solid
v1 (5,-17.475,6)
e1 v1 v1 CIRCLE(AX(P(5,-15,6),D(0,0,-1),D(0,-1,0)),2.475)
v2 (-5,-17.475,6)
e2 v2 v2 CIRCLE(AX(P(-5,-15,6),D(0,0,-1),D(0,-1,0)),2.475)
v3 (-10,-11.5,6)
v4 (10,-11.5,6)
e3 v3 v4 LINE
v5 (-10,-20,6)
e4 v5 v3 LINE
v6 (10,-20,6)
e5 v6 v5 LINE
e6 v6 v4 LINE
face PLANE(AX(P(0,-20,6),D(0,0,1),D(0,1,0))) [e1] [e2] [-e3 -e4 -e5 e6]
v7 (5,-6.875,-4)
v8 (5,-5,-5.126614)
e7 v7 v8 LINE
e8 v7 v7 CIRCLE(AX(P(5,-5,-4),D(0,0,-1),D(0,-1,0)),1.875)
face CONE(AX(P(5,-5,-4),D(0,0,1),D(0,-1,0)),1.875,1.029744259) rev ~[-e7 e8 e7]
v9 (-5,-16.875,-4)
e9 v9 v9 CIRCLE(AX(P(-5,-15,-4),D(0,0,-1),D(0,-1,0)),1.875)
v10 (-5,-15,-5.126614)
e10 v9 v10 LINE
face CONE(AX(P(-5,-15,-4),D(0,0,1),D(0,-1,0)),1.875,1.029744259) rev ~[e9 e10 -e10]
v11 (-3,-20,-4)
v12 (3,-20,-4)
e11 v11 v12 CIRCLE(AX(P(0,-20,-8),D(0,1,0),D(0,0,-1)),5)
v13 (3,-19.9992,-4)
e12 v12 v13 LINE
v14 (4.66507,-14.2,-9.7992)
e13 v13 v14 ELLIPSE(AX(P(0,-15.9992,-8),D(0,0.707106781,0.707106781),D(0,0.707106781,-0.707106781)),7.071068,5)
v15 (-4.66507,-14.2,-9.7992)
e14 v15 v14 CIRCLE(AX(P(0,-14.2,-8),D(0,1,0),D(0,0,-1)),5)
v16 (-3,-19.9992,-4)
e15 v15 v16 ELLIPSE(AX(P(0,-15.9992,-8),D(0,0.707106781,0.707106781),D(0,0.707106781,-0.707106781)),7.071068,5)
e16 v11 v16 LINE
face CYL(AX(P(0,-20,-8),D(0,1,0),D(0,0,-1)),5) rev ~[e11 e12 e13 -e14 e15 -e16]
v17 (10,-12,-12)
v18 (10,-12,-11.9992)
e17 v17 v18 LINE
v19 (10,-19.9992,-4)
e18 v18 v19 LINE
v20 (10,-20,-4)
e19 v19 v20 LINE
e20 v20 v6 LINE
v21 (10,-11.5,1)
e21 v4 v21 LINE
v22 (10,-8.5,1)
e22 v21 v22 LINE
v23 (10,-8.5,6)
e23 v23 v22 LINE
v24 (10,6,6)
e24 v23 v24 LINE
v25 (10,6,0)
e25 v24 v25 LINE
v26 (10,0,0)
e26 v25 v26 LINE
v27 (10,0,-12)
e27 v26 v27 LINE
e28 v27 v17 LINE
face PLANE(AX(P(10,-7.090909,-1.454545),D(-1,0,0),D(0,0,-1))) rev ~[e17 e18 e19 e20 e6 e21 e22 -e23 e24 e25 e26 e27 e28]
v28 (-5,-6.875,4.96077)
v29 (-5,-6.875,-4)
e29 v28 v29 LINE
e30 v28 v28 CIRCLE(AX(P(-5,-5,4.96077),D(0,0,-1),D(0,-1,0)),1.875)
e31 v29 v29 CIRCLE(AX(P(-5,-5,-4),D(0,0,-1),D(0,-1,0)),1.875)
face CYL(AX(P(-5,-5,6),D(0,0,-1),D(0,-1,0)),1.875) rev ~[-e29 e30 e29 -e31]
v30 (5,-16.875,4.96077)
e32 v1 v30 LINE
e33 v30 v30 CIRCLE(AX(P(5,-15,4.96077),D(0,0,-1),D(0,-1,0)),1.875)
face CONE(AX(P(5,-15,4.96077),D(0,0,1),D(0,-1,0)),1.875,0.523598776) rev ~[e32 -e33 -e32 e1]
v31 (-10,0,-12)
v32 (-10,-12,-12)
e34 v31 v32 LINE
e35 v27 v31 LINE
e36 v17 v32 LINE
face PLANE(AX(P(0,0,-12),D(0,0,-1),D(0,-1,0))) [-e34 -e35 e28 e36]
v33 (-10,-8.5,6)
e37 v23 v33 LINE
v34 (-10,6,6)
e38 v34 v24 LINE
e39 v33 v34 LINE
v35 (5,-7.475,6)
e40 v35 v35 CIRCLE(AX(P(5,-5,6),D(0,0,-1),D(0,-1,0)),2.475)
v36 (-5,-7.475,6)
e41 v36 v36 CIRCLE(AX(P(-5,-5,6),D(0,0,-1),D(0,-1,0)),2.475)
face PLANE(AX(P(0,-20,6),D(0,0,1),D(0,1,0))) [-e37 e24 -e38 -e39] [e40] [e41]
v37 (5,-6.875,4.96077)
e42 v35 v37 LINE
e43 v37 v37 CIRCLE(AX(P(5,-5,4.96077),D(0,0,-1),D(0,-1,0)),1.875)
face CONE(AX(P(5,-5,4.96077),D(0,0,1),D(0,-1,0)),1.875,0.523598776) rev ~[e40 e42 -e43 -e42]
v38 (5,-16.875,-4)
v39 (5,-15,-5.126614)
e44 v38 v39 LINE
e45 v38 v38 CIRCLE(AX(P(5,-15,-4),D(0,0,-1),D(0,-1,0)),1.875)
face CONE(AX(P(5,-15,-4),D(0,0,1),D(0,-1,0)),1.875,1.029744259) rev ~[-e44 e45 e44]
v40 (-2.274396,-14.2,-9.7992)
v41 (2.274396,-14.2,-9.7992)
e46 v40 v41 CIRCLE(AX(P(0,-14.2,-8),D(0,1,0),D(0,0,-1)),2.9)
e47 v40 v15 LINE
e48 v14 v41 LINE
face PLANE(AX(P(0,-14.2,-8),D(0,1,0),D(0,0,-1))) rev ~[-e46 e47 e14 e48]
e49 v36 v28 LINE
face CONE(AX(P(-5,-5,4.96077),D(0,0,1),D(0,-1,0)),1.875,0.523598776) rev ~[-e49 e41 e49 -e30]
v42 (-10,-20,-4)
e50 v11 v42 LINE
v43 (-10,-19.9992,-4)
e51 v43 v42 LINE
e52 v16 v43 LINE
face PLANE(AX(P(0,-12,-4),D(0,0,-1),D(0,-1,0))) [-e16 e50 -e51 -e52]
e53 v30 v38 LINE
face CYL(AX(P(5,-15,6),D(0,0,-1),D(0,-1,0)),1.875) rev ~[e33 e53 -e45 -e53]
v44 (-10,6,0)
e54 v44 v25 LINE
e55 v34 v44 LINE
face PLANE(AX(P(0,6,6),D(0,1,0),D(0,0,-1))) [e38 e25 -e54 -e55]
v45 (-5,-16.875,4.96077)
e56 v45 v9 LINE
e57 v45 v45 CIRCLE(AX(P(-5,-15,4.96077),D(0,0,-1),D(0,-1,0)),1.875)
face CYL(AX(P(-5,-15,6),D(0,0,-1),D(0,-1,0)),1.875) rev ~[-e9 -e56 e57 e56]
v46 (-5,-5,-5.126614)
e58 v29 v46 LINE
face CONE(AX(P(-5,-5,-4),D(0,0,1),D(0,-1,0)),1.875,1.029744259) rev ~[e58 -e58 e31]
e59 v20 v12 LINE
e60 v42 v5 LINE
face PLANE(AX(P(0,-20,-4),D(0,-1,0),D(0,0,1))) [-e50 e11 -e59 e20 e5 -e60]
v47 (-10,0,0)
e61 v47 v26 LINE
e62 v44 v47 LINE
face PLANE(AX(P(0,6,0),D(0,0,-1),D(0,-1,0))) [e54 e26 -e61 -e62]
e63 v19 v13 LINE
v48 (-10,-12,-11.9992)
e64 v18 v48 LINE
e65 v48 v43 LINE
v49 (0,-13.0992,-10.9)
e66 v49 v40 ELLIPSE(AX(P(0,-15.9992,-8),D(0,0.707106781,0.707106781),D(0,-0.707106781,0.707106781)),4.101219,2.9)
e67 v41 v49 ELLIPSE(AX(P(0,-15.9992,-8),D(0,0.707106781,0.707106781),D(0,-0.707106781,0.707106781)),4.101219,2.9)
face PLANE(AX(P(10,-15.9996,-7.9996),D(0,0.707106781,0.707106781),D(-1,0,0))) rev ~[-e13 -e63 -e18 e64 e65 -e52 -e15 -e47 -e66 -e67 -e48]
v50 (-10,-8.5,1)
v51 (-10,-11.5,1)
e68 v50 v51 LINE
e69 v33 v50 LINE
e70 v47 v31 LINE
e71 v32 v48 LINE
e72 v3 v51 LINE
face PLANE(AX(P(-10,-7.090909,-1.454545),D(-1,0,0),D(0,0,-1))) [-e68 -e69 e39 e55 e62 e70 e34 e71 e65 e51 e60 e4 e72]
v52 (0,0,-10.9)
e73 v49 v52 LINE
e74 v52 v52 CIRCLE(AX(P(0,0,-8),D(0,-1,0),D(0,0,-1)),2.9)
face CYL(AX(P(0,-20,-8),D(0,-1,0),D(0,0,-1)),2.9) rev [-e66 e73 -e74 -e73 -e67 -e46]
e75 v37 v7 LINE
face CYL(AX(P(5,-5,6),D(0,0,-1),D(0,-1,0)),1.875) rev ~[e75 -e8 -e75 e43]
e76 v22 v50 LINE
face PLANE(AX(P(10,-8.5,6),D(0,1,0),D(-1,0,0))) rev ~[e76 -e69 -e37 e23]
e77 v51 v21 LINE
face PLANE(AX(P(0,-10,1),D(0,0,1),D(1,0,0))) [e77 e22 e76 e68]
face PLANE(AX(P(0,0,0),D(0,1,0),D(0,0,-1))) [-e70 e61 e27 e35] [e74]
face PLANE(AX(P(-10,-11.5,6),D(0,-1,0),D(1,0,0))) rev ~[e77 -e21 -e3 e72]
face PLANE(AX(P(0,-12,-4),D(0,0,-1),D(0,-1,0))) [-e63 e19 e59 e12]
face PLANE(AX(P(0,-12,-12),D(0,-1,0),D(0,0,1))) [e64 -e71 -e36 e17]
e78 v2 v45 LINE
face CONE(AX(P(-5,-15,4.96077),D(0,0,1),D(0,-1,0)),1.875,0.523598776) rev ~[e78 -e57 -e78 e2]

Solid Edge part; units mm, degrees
sketch "Sketch1" plane through (0, 0, 0) normal (1, 0, 0) x (0, 1, 0)
  line L0 (0, 0) -> (0, -12)
  line L1 (0, -12) -> (-12, -12)
  line L2 (-12, -12) -> (-12, -4)
  line L3 (-12, -4) -> (-20, -4)
  line L4 (-20, -4) -> (-20, 6)
  line L5 (-20, 6) -> (6, 6)
  line L6 (6, 6) -> (6, 0)
  line L7 (6, 0) -> (0, 0)
  dimension "D1" = 6
  dimension "D2" = 12
  dimension "D3" = 12
  dimension "D4" = 6
  dimension "D5" = 8
  dimension "D6" = 8
extrude "Protrusion1" add sketch "Sketch1" along normal mid plane 20
chamfer "Chamfer_1" distance 8 angle 45 1 edges at (0, -12, -4)
hole "Hole_1" at (0, -20, -8) direction (0, 1, 0) diameter 5.8 end up to next counterbore diameter 10 counterbore depth 5.8
hole "Hole_2" at (-5, -15, 6) direction (0, 0, -1) diameter 3.75 depth 10 tip angle 118 start chamfer 0.6 start chamfer angle 30 end chamfer 0.6 end chamfer angle 30
pattern_linear "Pattern1" count 2 spacing 10 along (1, 0, 0) count 2 spacing 10 along (0, 1, 0) of "Hole_2"
sketch "Sketch2" plane through (0, -7, 6) normal (0, 0, 1) x (-1, 0, 0)
  line L0 (-10, 1.5) -> (10, 1.5)
  line L1 (10, 1.5) -> (10, 4.5)
  line L2 (10, 4.5) -> (-10, 4.5)
  line L3 (-10, 4.5) -> (-10, 1.5)
  dimension "D1" = 3.5
  dimension "D2" = 3.5
extrude "ExtrudedCutout_1" cut sketch "Sketch2" against normal blind 5
properties material "Polyethylene, low density"
